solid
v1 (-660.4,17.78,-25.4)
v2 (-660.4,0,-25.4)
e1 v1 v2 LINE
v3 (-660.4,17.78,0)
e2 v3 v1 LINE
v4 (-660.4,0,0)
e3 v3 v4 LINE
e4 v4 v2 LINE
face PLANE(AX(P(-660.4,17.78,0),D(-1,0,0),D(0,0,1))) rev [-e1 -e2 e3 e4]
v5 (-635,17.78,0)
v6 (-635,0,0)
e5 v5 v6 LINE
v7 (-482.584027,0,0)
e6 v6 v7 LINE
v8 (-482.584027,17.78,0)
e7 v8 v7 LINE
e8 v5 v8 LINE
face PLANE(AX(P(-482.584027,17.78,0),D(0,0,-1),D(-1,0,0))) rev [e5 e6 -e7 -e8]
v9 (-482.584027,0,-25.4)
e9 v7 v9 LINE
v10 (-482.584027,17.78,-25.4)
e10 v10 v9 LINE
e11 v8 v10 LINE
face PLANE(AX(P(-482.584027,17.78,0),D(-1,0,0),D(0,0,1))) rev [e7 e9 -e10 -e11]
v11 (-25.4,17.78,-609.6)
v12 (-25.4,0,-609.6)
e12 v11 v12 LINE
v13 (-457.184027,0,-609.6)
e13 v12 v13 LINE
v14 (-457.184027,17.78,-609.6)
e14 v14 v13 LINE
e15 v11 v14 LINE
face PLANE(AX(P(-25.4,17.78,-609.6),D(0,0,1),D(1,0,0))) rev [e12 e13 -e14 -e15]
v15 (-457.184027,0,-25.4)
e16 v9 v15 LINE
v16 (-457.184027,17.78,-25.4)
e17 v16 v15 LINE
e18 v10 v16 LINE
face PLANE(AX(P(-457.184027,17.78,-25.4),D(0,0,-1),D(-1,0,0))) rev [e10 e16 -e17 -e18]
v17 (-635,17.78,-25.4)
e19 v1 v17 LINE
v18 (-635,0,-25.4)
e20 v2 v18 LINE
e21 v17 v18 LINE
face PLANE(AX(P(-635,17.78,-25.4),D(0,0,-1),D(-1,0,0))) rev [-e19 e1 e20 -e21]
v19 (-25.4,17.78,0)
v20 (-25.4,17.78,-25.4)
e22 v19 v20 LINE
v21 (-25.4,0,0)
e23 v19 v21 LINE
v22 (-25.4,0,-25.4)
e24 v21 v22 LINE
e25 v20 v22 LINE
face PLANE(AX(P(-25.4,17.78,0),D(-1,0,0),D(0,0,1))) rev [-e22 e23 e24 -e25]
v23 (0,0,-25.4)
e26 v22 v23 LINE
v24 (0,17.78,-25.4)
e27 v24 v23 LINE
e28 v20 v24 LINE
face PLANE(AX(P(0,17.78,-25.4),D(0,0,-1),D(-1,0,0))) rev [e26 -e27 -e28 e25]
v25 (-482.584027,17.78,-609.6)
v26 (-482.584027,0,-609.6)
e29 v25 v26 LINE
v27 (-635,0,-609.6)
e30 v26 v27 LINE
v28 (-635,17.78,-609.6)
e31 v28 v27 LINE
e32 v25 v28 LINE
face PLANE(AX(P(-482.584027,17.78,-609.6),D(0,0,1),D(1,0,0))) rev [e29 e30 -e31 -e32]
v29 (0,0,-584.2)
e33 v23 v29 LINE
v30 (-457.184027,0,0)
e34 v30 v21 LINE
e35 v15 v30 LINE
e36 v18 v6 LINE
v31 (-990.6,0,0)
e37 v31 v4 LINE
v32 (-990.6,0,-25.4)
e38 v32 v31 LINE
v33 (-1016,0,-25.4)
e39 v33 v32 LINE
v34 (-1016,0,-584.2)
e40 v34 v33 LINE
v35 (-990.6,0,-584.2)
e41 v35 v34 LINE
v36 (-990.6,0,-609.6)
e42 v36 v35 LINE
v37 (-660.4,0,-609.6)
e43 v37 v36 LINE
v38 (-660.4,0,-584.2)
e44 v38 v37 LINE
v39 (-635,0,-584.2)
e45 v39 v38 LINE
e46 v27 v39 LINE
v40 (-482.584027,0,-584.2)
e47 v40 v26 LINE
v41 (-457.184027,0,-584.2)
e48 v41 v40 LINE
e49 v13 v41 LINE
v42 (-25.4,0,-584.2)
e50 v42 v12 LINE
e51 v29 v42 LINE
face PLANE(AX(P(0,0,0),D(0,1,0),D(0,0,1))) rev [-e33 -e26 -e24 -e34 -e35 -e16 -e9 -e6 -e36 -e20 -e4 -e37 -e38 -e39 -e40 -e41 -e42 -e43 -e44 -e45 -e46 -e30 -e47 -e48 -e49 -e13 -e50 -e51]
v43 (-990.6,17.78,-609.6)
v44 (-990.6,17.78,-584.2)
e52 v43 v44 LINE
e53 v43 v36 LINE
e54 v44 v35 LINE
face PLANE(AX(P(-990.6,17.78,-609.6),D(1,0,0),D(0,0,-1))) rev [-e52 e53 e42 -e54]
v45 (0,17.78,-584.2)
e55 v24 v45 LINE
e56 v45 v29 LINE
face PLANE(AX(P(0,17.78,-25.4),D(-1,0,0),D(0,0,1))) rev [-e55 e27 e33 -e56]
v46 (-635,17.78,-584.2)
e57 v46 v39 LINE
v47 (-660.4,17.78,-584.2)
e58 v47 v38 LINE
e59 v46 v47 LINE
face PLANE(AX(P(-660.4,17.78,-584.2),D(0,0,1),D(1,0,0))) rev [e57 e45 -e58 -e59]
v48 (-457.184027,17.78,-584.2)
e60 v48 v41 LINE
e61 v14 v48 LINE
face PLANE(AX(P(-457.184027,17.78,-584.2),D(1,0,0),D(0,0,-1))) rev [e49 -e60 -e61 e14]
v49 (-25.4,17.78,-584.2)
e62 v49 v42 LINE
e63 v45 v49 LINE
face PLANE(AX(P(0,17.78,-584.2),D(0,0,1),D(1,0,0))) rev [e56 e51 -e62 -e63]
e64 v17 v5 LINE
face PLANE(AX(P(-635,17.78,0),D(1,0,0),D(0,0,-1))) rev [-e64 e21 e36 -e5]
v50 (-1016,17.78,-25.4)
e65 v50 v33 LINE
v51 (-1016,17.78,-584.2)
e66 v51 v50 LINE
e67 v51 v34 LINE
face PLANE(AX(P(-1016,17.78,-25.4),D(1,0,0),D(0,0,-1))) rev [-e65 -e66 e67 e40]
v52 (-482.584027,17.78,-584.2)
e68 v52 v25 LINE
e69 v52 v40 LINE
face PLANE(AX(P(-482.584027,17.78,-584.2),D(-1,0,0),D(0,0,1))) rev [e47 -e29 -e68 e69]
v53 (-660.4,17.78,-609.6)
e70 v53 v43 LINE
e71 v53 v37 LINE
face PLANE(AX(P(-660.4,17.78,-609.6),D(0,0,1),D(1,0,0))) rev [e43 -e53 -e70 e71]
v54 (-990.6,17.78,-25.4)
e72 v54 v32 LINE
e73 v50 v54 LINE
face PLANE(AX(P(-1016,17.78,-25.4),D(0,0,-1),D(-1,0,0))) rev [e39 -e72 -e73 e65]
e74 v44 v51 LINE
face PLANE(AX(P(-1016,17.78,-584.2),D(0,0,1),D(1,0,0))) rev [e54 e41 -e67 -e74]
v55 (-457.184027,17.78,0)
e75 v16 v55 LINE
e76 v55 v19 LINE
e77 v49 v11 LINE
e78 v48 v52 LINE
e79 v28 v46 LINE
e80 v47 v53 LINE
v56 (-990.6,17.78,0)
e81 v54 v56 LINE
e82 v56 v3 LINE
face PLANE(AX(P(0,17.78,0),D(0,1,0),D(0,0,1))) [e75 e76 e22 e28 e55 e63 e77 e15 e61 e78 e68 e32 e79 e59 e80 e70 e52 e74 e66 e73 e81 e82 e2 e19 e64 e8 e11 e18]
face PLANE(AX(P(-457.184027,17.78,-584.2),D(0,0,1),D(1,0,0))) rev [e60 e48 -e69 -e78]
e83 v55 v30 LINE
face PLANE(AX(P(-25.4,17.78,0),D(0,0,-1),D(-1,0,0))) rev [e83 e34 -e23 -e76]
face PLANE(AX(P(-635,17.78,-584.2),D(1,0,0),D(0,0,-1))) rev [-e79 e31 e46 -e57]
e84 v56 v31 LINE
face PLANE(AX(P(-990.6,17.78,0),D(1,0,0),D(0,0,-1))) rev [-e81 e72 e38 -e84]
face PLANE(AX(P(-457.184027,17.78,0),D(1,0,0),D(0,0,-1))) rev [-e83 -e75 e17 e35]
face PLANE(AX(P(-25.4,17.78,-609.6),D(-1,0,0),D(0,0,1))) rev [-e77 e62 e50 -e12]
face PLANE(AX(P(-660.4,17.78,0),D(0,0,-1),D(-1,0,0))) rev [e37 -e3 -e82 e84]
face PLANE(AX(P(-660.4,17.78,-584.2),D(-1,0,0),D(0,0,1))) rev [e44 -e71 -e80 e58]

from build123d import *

# Parameters (mm, degrees)
BOSS_EXTRUDE1_DEPTH = 17.78


with BuildPart() as part:
    # Sketch1 → Boss-Extrude1 (new body)
    with BuildSketch(Plane(origin=(0, 0, 0), x_dir=(1, 0, 0), z_dir=(0, 1, 0))):
        Polygon((-660.4, 609.6), (-990.6, 609.6), (-990.6, 584.2), (-1016, 584.2), (-1016, 25.4), (-990.6, 25.4), (-990.6, 0), (-660.4, 0), (-660.4, 25.4), (-635, 25.4), (-635, 0), (-482.584026574, 0), (-482.584026574, 25.4), (-457.184026574, 25.4), (-457.184026574, 0), (-25.4, 0), (-25.4, 25.4), (0, 25.4), (0, 584.2), (-25.4, 584.2), (-25.4, 609.6), (-457.184026574, 609.6), (-457.184026574, 584.2), (-482.584026574, 584.2), (-482.584026574, 609.6), (-635, 609.6), (-635, 584.2), (-660.4, 584.2), align=None)
    extrude(amount=BOSS_EXTRUDE1_DEPTH)


solid = part.part
